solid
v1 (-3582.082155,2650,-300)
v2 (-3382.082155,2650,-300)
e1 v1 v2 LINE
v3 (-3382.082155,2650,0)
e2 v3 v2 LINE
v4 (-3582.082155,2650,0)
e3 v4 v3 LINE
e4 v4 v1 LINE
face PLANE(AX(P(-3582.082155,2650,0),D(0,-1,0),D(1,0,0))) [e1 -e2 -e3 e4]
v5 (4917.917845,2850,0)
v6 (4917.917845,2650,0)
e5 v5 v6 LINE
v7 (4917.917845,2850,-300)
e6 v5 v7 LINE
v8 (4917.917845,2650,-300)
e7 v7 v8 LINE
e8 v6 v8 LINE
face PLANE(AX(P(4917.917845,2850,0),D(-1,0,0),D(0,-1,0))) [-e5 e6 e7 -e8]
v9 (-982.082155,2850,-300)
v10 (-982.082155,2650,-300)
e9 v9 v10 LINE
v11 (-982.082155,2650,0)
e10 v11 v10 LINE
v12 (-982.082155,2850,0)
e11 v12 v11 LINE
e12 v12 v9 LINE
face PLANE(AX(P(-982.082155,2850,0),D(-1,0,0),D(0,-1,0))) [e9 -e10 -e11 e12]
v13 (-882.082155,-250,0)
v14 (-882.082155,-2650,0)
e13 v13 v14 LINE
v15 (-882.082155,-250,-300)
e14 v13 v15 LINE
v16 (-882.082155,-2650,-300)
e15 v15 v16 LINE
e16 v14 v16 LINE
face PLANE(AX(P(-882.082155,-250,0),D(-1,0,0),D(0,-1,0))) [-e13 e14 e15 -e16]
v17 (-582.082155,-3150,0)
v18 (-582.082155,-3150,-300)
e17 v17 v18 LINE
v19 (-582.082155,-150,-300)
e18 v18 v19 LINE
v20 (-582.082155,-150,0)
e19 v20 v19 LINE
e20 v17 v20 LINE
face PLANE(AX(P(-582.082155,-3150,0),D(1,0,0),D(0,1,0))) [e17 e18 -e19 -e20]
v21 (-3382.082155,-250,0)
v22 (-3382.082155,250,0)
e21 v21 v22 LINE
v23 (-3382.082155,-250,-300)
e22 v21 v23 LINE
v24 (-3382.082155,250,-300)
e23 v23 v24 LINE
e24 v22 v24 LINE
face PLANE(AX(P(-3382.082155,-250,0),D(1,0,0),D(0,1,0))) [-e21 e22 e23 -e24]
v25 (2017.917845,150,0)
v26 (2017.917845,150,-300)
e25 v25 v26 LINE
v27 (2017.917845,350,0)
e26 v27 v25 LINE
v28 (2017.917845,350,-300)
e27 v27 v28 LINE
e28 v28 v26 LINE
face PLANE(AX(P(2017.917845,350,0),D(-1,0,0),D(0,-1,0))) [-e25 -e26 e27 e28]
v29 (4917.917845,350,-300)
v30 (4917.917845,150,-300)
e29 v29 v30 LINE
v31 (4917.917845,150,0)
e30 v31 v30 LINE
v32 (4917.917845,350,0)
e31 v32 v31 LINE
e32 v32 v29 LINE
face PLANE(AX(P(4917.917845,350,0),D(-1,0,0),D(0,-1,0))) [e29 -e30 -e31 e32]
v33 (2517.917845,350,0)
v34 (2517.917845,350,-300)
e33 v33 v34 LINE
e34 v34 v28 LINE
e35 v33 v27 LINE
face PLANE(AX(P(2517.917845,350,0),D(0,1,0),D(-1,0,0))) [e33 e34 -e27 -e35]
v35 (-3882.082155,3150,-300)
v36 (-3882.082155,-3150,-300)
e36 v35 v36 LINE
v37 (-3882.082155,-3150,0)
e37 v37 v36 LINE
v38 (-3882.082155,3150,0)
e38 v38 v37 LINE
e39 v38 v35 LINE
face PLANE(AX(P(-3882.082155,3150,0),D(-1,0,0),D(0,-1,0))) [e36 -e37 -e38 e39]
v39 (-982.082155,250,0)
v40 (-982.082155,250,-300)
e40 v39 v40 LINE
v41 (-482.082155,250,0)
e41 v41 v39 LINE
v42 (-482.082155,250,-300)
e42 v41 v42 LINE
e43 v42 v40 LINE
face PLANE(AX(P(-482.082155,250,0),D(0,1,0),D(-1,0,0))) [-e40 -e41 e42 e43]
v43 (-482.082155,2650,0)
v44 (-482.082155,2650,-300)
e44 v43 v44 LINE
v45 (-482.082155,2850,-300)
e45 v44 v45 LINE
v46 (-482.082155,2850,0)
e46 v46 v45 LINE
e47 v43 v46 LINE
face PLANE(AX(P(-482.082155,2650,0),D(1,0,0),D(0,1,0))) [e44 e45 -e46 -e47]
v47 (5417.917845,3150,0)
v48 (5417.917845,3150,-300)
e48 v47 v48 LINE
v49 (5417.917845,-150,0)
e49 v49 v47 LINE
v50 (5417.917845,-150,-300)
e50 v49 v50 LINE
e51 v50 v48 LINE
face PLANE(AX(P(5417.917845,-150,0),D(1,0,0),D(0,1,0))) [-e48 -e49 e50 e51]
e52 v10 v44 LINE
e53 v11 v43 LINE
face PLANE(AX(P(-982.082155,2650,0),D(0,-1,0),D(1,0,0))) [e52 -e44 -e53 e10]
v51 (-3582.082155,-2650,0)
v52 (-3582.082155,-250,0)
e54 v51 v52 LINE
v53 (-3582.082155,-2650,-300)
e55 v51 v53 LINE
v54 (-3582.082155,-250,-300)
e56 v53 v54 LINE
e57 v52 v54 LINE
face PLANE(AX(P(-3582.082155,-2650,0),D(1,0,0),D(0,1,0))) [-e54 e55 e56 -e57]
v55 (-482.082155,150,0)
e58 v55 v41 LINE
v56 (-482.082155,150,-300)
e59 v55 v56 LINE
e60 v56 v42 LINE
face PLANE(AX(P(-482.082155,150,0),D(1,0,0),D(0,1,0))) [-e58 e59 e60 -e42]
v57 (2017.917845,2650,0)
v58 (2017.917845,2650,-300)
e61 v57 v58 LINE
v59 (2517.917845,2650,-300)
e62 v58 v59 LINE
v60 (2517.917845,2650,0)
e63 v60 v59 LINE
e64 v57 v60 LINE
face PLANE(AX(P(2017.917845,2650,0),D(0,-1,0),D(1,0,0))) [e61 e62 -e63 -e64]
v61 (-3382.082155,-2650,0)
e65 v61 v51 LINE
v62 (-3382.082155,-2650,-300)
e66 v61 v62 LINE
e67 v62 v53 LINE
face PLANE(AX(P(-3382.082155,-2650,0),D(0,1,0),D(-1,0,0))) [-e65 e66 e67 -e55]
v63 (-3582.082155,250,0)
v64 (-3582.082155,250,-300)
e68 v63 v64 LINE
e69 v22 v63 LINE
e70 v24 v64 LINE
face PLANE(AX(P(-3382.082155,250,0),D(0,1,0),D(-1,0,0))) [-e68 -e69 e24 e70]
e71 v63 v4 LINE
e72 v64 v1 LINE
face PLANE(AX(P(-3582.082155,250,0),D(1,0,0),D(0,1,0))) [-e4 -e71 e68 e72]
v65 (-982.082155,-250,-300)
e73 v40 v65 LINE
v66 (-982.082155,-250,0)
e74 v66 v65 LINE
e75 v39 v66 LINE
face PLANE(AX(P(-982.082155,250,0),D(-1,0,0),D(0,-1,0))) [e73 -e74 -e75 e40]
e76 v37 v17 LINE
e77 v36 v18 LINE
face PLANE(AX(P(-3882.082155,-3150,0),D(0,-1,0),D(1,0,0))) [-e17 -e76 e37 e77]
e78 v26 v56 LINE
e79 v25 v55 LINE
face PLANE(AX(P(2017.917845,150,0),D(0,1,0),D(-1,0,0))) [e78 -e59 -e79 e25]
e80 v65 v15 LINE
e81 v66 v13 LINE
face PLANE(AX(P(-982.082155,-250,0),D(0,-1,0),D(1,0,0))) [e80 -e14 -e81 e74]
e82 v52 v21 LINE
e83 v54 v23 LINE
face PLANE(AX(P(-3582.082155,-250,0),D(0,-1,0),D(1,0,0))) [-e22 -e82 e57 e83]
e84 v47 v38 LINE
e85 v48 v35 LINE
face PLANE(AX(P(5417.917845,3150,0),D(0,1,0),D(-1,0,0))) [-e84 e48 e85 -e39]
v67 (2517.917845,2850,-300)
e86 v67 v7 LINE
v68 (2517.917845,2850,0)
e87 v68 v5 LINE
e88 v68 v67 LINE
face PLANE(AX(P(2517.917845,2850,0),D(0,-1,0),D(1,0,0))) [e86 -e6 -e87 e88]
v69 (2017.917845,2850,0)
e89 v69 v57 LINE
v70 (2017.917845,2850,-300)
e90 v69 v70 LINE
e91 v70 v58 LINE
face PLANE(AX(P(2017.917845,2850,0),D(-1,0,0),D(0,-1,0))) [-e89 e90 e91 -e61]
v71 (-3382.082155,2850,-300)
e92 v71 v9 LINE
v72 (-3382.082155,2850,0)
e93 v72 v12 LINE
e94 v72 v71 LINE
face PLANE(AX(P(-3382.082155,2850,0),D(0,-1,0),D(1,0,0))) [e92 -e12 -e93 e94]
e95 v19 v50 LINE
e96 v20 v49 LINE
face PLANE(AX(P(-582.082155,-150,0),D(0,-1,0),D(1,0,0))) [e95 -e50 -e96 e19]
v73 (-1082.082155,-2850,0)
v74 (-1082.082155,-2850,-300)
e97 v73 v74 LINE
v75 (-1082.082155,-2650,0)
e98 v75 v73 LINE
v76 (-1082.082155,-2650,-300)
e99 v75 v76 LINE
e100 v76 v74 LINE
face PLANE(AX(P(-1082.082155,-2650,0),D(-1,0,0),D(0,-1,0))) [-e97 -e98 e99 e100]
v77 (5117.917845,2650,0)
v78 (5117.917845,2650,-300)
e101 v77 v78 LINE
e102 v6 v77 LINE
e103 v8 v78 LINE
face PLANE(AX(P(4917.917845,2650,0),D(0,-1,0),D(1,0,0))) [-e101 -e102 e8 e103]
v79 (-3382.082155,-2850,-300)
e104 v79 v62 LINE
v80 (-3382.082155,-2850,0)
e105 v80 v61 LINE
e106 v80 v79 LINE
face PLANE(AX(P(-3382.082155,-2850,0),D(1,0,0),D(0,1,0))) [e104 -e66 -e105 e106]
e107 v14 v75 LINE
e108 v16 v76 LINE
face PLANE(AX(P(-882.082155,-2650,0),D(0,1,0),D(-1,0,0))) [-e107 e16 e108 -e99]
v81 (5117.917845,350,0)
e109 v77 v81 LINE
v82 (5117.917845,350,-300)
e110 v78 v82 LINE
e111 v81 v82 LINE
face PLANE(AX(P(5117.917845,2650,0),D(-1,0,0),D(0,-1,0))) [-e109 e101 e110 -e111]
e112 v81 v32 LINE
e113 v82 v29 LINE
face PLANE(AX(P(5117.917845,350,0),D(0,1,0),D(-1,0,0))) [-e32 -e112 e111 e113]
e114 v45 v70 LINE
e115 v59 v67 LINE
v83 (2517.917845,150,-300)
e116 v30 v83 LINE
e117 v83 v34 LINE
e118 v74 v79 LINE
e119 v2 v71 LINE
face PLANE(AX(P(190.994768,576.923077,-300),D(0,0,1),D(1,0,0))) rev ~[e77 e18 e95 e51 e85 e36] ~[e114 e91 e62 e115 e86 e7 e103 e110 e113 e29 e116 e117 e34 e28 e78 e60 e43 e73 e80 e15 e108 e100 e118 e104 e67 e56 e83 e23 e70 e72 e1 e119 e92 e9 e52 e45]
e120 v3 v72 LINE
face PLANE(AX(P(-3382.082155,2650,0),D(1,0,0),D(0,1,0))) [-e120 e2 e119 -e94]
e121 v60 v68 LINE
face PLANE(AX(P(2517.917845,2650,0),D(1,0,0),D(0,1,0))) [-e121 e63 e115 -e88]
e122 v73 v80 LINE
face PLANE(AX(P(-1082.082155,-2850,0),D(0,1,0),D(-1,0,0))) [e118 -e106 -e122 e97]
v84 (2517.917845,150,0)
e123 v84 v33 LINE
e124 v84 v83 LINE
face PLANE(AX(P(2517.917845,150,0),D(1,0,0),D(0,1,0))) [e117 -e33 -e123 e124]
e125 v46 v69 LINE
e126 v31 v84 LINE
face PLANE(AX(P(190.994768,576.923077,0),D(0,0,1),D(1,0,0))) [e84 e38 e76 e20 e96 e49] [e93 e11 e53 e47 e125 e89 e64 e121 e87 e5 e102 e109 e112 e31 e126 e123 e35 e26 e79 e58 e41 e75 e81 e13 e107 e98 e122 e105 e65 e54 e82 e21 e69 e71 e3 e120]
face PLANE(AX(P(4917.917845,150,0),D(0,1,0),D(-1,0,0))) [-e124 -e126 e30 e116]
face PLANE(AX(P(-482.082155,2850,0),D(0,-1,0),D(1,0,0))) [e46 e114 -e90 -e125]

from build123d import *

# Parameters (mm, degrees)
F1_DEPTH = 300


with BuildPart() as f1:
    # F0 (on Top) → F1 (new body)
    with BuildSketch(Plane.XY):
        Polygon((5417.917845, 3150), (-3882.082155, 3150), (-3882.082155, -3150), (-582.082155, -3150), (-582.082155, -150), (5417.917845, -150), align=None)
        Polygon((-3382.082155, 2650), (-3382.082155, 2850), (-982.082155, 2850), (-982.082155, 2650), (-482.082155, 2650), (-482.082155, 2850), (2017.917845, 2850), (2017.917845, 2650), (2517.917845, 2650), (2517.917845, 2850), (4917.917845, 2850), (4917.917845, 2650), (5117.917845, 2650), (5117.917845, 350), (4917.917845, 350), (4917.917845, 150), (2517.917845, 150), (2517.917845, 350), (2017.917845, 350), (2017.917845, 150), (-482.082155, 150), (-482.082155, 250), (-982.082155, 250), (-982.082155, -250), (-882.082155, -250), (-882.082155, -2650), (-1082.082155, -2650), (-1082.082155, -2850), (-3382.082155, -2850), (-3382.082155, -2650), (-3582.082155, -2650), (-3582.082155, -250), (-3382.082155, -250), (-3382.082155, 250), (-3582.082155, 250), (-3582.082155, 2650), align=None, mode=Mode.SUBTRACT)
    extrude(amount=-F1_DEPTH)


solid = f1.part
